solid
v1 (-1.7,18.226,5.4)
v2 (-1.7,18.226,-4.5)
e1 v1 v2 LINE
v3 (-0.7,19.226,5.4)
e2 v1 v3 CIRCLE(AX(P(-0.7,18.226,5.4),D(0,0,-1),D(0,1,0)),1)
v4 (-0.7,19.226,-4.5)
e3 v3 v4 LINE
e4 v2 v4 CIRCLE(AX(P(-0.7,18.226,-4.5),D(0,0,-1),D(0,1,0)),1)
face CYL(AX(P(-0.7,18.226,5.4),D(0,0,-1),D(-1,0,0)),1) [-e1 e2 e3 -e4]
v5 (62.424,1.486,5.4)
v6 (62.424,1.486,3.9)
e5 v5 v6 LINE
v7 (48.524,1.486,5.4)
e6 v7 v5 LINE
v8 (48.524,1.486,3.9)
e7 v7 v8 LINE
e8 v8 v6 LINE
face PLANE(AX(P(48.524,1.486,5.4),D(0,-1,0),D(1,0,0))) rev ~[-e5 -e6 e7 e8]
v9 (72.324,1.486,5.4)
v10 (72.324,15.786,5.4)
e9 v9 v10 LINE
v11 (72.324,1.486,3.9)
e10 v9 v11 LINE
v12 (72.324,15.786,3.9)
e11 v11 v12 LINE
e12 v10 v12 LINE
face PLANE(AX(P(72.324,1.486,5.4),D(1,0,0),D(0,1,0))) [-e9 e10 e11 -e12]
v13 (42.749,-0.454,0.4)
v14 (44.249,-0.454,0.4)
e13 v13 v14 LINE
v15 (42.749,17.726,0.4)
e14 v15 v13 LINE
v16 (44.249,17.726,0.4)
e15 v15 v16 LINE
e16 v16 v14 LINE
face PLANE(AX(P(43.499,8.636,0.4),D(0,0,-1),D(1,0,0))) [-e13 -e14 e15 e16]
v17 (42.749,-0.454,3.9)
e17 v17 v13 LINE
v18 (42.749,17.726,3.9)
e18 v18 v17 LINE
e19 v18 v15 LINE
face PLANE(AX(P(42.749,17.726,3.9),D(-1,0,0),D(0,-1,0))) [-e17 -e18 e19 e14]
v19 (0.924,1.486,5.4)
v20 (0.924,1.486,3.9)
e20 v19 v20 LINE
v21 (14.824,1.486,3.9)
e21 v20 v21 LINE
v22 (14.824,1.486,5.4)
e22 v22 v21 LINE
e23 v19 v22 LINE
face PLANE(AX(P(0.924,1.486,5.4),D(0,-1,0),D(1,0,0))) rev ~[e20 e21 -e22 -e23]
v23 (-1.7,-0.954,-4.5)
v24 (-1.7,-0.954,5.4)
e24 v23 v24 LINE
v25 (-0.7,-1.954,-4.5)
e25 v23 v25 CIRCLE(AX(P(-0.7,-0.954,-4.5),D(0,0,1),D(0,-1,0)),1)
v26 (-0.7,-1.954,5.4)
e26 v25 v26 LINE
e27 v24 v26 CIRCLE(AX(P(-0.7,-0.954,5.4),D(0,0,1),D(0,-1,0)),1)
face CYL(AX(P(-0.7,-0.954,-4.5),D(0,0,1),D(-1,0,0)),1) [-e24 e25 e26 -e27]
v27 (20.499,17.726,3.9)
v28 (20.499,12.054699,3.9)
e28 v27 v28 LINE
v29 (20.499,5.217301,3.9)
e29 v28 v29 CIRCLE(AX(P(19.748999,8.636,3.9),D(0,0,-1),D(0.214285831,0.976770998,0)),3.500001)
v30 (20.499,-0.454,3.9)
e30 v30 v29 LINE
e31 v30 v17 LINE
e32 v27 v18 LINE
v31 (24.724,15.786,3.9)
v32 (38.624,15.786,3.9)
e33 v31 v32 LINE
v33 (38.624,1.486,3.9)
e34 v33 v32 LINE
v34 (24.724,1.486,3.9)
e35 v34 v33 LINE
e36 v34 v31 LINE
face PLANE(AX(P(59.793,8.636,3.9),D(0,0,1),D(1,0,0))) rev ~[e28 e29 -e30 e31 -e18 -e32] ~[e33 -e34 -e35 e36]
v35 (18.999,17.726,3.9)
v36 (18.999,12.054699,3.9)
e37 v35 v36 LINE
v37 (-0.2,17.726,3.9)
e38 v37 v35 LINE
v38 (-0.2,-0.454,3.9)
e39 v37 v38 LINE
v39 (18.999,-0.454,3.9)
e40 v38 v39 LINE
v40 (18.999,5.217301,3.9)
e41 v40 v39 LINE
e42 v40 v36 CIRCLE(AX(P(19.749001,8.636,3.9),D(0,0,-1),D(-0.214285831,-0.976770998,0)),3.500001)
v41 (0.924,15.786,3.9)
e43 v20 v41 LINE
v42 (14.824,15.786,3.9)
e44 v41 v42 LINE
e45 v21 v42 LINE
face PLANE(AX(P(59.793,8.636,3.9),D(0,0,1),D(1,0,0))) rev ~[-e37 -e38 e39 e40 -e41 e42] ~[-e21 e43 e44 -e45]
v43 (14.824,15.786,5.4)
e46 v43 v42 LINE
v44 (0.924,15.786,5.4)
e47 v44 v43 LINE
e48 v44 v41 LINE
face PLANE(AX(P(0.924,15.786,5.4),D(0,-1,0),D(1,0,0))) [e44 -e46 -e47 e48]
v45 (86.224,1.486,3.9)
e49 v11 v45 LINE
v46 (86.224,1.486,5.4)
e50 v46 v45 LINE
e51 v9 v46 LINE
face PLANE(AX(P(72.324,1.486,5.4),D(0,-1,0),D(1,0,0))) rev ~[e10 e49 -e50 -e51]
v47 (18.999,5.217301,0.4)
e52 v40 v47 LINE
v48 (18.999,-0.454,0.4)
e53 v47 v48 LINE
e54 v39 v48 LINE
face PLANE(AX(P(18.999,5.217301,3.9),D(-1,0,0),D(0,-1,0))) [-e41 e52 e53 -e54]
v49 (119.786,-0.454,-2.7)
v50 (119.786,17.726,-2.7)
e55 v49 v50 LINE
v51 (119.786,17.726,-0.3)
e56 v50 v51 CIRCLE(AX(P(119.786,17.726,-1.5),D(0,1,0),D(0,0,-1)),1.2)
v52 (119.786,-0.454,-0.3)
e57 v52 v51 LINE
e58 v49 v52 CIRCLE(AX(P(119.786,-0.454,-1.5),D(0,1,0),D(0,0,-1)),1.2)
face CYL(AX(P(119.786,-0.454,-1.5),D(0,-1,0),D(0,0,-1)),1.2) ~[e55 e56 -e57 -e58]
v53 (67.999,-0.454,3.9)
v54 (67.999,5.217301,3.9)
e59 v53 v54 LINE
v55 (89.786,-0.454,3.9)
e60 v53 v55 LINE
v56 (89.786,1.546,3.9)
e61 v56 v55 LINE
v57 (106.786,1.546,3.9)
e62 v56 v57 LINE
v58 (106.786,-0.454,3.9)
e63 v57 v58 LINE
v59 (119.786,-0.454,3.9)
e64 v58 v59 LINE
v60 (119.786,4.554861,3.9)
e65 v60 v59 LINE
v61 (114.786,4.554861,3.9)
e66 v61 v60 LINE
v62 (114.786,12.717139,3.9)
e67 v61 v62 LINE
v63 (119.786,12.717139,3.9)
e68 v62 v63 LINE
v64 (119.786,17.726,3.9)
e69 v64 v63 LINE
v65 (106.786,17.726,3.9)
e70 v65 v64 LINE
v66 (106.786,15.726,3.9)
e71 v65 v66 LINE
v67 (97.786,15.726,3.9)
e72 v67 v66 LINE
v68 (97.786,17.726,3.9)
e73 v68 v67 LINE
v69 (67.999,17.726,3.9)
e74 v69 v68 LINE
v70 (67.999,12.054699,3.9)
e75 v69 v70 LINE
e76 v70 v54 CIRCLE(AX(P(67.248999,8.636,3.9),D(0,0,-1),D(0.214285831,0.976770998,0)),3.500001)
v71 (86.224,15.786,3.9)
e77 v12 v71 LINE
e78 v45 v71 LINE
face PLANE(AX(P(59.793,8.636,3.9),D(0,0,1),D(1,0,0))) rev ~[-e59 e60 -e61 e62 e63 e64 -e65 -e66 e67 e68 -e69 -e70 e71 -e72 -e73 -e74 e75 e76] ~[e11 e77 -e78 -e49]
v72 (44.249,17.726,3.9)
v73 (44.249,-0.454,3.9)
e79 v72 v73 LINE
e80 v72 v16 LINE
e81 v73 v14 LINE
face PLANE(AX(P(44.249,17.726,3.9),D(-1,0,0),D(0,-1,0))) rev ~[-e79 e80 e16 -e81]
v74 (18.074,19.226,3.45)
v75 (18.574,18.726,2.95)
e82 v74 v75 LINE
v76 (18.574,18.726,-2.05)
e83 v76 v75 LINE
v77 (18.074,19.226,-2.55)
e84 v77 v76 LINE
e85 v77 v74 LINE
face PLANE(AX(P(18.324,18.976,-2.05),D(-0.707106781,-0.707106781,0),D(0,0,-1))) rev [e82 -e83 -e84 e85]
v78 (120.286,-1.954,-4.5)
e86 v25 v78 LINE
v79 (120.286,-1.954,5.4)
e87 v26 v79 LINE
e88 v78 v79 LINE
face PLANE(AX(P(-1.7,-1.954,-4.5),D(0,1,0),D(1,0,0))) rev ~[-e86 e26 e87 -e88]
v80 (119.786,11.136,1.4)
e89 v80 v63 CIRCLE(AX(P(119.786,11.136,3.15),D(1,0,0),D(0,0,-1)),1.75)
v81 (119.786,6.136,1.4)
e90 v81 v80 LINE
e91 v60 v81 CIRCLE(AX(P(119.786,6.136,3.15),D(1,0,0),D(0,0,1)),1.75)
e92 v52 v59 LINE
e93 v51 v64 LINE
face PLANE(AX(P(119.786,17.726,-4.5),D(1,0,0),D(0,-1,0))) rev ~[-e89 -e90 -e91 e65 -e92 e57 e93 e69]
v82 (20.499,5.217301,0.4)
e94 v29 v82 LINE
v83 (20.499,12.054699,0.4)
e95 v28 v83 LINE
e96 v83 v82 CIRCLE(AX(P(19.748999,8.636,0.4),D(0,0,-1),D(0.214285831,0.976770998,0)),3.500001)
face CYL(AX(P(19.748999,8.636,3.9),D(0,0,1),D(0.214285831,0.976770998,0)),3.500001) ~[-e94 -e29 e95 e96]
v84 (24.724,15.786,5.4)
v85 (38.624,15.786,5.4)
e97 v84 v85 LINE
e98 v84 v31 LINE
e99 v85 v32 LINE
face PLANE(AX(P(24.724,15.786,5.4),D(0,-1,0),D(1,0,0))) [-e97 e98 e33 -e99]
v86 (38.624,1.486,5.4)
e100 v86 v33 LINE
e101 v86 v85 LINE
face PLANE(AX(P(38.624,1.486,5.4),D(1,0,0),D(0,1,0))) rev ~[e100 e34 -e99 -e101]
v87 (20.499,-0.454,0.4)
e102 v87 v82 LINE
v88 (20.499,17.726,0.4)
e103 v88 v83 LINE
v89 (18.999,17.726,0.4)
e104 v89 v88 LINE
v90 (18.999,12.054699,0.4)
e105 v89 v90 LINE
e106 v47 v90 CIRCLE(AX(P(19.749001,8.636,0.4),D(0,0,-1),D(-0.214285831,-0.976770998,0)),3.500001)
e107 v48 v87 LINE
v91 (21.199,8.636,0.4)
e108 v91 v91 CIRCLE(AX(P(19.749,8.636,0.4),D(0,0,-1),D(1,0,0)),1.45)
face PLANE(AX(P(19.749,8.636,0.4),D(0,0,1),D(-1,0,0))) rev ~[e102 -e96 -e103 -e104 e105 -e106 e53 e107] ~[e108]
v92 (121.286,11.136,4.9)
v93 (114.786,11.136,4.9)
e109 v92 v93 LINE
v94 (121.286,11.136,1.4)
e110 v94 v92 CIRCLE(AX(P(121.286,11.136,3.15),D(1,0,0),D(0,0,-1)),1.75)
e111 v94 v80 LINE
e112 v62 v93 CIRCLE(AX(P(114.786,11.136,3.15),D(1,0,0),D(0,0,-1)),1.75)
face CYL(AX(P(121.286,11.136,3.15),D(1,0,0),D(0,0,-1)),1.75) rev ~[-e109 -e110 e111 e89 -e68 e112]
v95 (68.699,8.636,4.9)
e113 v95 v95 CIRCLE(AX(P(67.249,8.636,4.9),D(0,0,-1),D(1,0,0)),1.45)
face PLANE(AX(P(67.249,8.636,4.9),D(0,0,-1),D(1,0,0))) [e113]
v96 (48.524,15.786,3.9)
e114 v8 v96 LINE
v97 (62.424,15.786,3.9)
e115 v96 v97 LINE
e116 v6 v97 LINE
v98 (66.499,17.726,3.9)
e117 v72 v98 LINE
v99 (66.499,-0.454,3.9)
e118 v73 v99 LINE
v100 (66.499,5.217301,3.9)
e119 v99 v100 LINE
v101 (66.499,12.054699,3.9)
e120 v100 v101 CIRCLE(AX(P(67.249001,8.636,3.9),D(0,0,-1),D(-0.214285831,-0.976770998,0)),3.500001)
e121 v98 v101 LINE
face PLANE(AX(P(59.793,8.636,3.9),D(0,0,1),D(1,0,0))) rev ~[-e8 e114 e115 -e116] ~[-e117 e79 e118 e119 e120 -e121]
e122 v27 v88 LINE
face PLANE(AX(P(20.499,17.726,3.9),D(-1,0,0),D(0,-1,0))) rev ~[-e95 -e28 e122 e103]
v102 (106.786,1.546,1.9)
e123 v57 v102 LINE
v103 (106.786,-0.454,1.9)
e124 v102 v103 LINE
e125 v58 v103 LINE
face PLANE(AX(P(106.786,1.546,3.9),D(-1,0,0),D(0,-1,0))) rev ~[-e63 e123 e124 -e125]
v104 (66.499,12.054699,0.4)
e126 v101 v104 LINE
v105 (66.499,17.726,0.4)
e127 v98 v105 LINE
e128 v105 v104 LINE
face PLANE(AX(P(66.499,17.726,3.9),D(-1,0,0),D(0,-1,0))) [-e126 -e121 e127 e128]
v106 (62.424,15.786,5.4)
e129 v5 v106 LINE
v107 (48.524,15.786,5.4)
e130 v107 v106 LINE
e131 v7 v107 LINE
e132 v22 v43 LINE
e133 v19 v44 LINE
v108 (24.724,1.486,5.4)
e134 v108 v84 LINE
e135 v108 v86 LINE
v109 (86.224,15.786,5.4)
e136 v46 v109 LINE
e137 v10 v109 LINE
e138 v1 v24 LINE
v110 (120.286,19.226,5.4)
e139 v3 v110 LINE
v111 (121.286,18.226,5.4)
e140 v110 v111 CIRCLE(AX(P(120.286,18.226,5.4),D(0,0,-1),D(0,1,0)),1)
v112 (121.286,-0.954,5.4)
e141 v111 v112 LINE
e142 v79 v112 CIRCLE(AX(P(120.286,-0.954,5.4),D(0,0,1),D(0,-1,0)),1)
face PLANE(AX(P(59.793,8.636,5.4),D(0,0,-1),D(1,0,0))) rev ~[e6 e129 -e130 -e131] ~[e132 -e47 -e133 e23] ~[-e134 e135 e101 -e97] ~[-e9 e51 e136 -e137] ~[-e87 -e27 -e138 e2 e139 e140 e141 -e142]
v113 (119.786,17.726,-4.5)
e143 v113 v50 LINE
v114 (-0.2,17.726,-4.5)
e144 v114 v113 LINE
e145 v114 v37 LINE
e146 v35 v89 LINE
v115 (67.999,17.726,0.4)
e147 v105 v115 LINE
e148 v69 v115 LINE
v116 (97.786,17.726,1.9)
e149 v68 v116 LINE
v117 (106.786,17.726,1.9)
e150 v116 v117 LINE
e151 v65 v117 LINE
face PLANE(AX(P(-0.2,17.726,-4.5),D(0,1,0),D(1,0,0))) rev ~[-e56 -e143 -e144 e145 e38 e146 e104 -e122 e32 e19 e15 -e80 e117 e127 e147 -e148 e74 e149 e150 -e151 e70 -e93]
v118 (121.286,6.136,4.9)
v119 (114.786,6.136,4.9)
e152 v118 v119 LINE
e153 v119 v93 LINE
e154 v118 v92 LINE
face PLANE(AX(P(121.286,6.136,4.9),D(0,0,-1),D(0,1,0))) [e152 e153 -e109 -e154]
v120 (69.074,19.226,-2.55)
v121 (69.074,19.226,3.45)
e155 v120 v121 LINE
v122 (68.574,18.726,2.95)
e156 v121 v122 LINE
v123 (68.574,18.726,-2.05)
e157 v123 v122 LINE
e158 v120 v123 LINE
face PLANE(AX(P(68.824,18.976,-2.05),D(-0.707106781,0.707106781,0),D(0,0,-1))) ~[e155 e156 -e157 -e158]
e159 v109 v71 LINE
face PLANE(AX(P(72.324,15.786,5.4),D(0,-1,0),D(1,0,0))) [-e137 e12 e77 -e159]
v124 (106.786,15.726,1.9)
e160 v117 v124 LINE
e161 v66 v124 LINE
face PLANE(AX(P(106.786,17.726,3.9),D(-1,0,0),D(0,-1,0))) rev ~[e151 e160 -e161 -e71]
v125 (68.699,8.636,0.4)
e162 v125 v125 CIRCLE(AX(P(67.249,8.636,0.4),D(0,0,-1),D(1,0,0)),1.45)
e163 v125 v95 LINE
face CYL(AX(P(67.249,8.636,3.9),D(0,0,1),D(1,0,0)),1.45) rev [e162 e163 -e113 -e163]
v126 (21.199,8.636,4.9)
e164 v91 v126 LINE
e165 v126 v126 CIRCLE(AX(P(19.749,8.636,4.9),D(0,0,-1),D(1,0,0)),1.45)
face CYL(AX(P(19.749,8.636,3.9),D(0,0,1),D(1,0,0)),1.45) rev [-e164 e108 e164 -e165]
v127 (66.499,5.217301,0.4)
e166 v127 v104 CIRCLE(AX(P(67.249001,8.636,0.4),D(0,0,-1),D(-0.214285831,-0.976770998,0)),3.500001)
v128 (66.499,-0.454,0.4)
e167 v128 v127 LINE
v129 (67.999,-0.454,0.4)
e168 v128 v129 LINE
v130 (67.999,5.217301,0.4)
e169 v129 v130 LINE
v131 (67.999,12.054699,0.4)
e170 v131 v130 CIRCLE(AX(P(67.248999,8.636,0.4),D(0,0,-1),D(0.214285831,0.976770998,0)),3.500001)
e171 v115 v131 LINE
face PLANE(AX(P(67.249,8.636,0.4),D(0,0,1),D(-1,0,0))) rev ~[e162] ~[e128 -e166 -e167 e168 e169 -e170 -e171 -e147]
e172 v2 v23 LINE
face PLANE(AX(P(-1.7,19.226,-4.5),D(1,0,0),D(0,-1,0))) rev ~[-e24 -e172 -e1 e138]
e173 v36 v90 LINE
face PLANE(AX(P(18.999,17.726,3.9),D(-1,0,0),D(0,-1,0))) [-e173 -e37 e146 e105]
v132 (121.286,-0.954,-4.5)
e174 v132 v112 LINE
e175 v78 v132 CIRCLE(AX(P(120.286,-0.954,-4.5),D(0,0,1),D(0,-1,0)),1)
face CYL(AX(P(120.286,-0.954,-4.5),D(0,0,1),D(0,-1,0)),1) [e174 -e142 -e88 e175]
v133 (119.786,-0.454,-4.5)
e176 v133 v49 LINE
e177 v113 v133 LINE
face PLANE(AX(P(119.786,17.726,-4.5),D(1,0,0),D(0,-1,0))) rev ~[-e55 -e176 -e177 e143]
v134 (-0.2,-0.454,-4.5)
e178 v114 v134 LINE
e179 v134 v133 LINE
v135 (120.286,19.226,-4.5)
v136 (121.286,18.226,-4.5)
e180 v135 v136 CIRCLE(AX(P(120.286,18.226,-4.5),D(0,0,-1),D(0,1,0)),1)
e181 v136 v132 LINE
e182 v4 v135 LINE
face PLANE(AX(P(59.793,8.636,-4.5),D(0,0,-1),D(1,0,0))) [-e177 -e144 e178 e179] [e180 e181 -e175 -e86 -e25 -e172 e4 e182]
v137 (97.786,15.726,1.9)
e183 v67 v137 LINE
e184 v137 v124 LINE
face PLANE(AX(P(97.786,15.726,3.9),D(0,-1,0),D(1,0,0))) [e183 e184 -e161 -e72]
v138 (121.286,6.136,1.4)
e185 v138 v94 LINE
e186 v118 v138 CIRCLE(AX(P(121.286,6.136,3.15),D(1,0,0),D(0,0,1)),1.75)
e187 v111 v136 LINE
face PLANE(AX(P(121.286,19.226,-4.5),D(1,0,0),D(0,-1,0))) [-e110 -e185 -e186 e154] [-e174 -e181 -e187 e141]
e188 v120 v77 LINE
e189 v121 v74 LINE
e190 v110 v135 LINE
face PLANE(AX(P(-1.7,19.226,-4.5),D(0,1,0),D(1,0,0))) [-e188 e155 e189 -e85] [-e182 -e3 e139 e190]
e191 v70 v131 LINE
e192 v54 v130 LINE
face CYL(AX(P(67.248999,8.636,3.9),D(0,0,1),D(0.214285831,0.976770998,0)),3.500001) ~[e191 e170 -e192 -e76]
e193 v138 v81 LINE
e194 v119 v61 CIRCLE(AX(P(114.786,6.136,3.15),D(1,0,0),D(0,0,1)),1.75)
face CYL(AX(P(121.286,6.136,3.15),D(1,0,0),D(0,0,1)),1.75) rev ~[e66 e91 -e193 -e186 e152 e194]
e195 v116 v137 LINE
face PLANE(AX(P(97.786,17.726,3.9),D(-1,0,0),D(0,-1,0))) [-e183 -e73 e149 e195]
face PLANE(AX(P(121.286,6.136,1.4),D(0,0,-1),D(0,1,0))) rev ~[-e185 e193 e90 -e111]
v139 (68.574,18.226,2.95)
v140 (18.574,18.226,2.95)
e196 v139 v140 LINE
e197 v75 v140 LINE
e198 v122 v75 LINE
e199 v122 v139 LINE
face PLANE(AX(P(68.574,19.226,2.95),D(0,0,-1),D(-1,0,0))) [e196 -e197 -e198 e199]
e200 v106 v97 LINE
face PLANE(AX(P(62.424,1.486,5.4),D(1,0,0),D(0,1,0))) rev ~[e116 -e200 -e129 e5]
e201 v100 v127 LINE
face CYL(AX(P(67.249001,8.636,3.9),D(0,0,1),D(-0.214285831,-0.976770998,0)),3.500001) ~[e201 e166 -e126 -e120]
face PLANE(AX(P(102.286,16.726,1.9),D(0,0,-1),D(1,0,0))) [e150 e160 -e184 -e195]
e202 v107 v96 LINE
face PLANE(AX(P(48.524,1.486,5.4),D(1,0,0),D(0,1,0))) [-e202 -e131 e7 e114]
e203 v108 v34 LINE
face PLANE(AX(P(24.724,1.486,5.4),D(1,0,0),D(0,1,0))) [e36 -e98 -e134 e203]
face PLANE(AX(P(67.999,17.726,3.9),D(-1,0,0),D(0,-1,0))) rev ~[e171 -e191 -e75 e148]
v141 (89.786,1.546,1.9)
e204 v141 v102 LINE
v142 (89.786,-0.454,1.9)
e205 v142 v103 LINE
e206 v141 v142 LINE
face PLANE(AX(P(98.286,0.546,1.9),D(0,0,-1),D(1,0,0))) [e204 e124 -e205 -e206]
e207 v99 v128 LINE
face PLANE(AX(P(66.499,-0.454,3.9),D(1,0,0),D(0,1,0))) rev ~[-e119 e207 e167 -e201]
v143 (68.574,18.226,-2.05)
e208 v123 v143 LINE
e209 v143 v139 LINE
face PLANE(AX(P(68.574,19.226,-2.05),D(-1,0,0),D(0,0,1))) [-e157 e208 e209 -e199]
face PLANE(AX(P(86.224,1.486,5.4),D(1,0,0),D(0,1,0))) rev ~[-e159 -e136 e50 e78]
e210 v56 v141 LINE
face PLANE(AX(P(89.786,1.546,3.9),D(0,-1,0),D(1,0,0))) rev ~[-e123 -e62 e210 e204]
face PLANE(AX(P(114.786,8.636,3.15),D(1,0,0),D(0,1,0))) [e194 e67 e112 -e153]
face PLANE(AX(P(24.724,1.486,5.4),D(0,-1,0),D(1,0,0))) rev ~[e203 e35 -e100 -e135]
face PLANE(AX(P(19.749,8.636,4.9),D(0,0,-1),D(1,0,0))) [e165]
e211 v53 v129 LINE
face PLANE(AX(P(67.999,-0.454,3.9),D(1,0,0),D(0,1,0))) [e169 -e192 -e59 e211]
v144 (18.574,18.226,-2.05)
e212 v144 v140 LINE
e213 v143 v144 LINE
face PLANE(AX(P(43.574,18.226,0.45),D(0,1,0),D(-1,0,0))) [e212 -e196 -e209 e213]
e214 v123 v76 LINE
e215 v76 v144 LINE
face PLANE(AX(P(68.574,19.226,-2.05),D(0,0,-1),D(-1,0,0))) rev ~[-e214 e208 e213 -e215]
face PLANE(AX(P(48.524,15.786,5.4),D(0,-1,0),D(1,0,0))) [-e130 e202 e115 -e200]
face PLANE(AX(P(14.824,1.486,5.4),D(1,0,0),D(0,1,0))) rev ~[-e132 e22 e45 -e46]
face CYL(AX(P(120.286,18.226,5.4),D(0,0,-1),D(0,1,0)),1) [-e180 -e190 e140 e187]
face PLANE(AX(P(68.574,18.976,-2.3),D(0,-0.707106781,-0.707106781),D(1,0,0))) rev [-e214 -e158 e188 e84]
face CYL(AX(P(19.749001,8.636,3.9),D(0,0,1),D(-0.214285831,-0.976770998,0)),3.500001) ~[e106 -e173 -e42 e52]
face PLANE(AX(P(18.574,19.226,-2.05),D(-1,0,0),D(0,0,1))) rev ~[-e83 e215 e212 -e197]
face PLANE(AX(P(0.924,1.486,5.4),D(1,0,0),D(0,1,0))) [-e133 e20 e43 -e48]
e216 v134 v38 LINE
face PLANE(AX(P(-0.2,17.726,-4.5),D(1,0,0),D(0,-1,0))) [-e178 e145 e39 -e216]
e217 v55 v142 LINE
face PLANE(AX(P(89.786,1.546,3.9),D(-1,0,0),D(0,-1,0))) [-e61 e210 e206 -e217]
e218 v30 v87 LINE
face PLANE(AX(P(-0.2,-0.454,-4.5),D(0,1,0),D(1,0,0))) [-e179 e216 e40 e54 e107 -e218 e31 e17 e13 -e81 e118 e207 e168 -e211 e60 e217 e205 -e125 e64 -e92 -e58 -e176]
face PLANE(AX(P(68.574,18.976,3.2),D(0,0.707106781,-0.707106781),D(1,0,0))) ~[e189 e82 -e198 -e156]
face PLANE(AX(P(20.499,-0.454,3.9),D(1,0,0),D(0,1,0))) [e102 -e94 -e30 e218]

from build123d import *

# Parameters (mm, degrees)
SKETCH005_W     = 122.986
SKETCH005_H     = 21.18
SKETCH005_W_2   = 119.986
SKETCH005_H_2   = 18.18
PAD004_DEPTH    = 9.9
SKETCH006_W     = 122.986
SKETCH006_H     = 21.18
PAD005_DEPTH    = 1.5
SKETCH007_W     = 13.9
SKETCH007_H     = 14.3
POCKET001_DEPTH = 9.901
SKETCH008_R     = 1.45
SKETCH008_W     = 1.5
SKETCH008_H     = 18.18
PAD006_DEPTH    = 3.5
SKETCH009_W     = 9
SKETCH009_H     = 2
SKETCH009_W_2   = 17
PAD007_DEPTH    = 2
POCKET002_DEPTH = 6.5
FILLET_R        = 1
PAD008_DEPTH    = 18.18
SKETCH012_W     = 50
SKETCH012_H     = 5
POCKET003_DEPTH = 1
CHAMFER001_SIZE = 0.5
SKETCH013_R     = 1.45
POCKET004_DEPTH = 1


with BuildPart() as part:
    # Sketch005 (on ShapeBinder) → Pad004 (new body)
    with BuildSketch(Plane(origin=(-93.484762, 101.426, -4.5), x_dir=(1, 0, 0), z_dir=(0, 0, -1))):
        with Locations((153.277762, 92.79)):
            Rectangle(SKETCH005_W, SKETCH005_H)
        with Locations((153.277762, 92.79)):
            Rectangle(SKETCH005_W_2, SKETCH005_H_2, mode=Mode.SUBTRACT)
    extrude(amount=-PAD004_DEPTH)

    # Sketch006 (on Face10 of Pad004) → Pad005 (join)
    with BuildSketch(Plane(origin=(-93.484762, 101.426, 5.4), x_dir=(1, 0, 0), z_dir=(0, 0, 1))):
        with Locations((153.277762, -92.79)):
            Rectangle(SKETCH006_W, SKETCH006_H)
    extrude(amount=-PAD005_DEPTH)

    # Sketch007 (on Face16 of Pad005) → Pocket001 (cut, through all)
    with BuildSketch(Plane(origin=(-93.484762, 101.426, 5.4), x_dir=(1, 0, 0), z_dir=(0, 0, 1))):
        with Locations((101.358762, -92.79)):
            Rectangle(SKETCH007_W, SKETCH007_H)
        with Locations((125.158762, -92.79)):
            Rectangle(SKETCH007_W, SKETCH007_H)
        with Locations((148.958762, -92.79)):
            Rectangle(SKETCH007_W, SKETCH007_H)
        with Locations((172.758762, -92.79)):
            Rectangle(SKETCH007_W, SKETCH007_H)
    extrude(amount=-POCKET001_DEPTH, mode=Mode.SUBTRACT)

    # Sketch008 (on Face15 of Pocket001) → Pad006 (join)
    with BuildSketch(Plane(origin=(-93.484762, 101.426, 3.9), x_dir=(1, 0, 0), z_dir=(0, 0, -1))):
        with BuildLine():
            Line((112.483762, 96.208699), (112.483762, 101.88))
            Line((112.483762, 101.88), (113.983762, 101.88))
            Line((113.983762, 101.88), (113.983762, 96.208699))
            ThreePointArc((113.983762, 89.371301), (116.733762, 92.79), (113.983762, 96.208699))
            Line((113.983762, 83.7), (113.983762, 89.371301))
            Line((112.483762, 83.7), (113.983762, 83.7))
            Line((112.483762, 83.7), (112.483762, 89.371301))
            ThreePointArc((112.483762, 96.208699), (109.733762, 92.79), (112.483762, 89.371301))
        make_face()
        with Locations((113.233762, 92.79)):
            Circle(SKETCH008_R, mode=Mode.SUBTRACT)
        with Locations((136.983762, 92.79)):
            Rectangle(SKETCH008_W, SKETCH008_H)
        with BuildLine():
            Line((159.983762, 101.88), (161.483762, 101.88))
            Line((161.483762, 101.88), (161.483762, 96.208699))
            ThreePointArc((161.483762, 89.371301), (164.233762, 92.79), (161.483762, 96.208699))
            Line((161.483762, 83.7), (161.483762, 89.371301))
            Line((159.983762, 83.7), (161.483762, 83.7))
            Line((159.983762, 83.7), (159.983762, 89.371301))
            ThreePointArc((159.983762, 96.208699), (157.233762, 92.79), (159.983762, 89.371301))
            Line((159.983762, 101.88), (159.983762, 96.208699))
        make_face()
        with Locations((160.733762, 92.79)):
            Circle(SKETCH008_R, mode=Mode.SUBTRACT)
    extrude(amount=PAD006_DEPTH)

    # Sketch009 (on Face27 of Pad006) → Pad007 (join)
    with BuildSketch(Plane(origin=(-93.484762, 101.426, 3.9), x_dir=(1, 0, 0), z_dir=(0, 0, -1))):
        with Locations((195.770762, 84.7)):
            Rectangle(SKETCH009_W, SKETCH009_H)
        with Locations((191.770762, 100.88)):
            Rectangle(SKETCH009_W_2, SKETCH009_H)
    extrude(amount=PAD007_DEPTH)

    # Sketch010 (on Face5 of Pad007) → Pocket002 (cut)
    with BuildSketch(Plane(origin=(121.286, 101.426, -1.6), x_dir=(0, 1, 0), z_dir=(1, 0, 0))):
        with BuildLine():
            ThreePointArc((-95.29, 6.5), (-97.04, 4.75), (-95.29, 3))
            Line((-95.29, 3), (-90.29, 3))
            ThreePointArc((-90.29, 3), (-88.54, 4.75), (-90.29, 6.5))
            Line((-95.29, 6.5), (-90.29, 6.5))
        make_face()
    extrude(amount=-POCKET002_DEPTH, mode=Mode.SUBTRACT)

    # Fillet
    fillet_edges = [part.edges().sort_by_distance(p)[0] for p in [
        (121.286, 19.226, -0.3),
        (121.286, -1.954, -0.3),
        (-1.7, 19.226, -0.3),
        (-1.7, -1.954, -0.3),
    ]]
    fillet(fillet_edges, radius=FILLET_R)

    # Sketch011 (on Face14 of Fillet) → Pad008 (join)
    with BuildSketch(Plane(origin=(-93.484762, -0.454, -1.6), x_dir=(-1, 0, 0), z_dir=(0, 1, 0))):
        with BuildLine():
            ThreePointArc((-213.270762, -1.1), (-212.070762, 0.1), (-213.270762, 1.3))
            Line((-213.270762, 1.3), (-213.270762, -1.1))
        make_face()
    extrude(amount=PAD008_DEPTH)

    # Sketch012 (on Face1 of Pad008) → Pocket003 (cut)
    with BuildSketch(Plane(origin=(-93.484762, 19.226, -1.6), x_dir=(-1, 0, 0), z_dir=(0, 1, 0))):
        with Locations((-137.058762, 2.05)):
            Rectangle(SKETCH012_W, SKETCH012_H)
    extrude(amount=-POCKET003_DEPTH, mode=Mode.SUBTRACT)

    # Chamfer001
    chamfer001_edges = [part.edges().sort_by_distance(p)[0] for p in [
        (43.574, 19.226, -2.05),
        (68.574, 19.226, 0.45),
        (43.574, 19.226, 2.95),
        (18.574, 19.226, 0.45),
    ]]
    chamfer(chamfer001_edges, length=CHAMFER001_SIZE)

    # Sketch013 (on Face87 of Chamfer001) → Pocket004 (cut)
    with BuildSketch(Plane(origin=(-93.484762, 101.426, 3.9), x_dir=(1, 0, 0), z_dir=(0, 0, -1))):
        with Locations((113.233762, 92.79)):
            Circle(SKETCH013_R)
        with Locations((160.733762, 92.79)):
            Circle(SKETCH013_R)
    extrude(amount=-POCKET004_DEPTH, mode=Mode.SUBTRACT)


solid = part.part
